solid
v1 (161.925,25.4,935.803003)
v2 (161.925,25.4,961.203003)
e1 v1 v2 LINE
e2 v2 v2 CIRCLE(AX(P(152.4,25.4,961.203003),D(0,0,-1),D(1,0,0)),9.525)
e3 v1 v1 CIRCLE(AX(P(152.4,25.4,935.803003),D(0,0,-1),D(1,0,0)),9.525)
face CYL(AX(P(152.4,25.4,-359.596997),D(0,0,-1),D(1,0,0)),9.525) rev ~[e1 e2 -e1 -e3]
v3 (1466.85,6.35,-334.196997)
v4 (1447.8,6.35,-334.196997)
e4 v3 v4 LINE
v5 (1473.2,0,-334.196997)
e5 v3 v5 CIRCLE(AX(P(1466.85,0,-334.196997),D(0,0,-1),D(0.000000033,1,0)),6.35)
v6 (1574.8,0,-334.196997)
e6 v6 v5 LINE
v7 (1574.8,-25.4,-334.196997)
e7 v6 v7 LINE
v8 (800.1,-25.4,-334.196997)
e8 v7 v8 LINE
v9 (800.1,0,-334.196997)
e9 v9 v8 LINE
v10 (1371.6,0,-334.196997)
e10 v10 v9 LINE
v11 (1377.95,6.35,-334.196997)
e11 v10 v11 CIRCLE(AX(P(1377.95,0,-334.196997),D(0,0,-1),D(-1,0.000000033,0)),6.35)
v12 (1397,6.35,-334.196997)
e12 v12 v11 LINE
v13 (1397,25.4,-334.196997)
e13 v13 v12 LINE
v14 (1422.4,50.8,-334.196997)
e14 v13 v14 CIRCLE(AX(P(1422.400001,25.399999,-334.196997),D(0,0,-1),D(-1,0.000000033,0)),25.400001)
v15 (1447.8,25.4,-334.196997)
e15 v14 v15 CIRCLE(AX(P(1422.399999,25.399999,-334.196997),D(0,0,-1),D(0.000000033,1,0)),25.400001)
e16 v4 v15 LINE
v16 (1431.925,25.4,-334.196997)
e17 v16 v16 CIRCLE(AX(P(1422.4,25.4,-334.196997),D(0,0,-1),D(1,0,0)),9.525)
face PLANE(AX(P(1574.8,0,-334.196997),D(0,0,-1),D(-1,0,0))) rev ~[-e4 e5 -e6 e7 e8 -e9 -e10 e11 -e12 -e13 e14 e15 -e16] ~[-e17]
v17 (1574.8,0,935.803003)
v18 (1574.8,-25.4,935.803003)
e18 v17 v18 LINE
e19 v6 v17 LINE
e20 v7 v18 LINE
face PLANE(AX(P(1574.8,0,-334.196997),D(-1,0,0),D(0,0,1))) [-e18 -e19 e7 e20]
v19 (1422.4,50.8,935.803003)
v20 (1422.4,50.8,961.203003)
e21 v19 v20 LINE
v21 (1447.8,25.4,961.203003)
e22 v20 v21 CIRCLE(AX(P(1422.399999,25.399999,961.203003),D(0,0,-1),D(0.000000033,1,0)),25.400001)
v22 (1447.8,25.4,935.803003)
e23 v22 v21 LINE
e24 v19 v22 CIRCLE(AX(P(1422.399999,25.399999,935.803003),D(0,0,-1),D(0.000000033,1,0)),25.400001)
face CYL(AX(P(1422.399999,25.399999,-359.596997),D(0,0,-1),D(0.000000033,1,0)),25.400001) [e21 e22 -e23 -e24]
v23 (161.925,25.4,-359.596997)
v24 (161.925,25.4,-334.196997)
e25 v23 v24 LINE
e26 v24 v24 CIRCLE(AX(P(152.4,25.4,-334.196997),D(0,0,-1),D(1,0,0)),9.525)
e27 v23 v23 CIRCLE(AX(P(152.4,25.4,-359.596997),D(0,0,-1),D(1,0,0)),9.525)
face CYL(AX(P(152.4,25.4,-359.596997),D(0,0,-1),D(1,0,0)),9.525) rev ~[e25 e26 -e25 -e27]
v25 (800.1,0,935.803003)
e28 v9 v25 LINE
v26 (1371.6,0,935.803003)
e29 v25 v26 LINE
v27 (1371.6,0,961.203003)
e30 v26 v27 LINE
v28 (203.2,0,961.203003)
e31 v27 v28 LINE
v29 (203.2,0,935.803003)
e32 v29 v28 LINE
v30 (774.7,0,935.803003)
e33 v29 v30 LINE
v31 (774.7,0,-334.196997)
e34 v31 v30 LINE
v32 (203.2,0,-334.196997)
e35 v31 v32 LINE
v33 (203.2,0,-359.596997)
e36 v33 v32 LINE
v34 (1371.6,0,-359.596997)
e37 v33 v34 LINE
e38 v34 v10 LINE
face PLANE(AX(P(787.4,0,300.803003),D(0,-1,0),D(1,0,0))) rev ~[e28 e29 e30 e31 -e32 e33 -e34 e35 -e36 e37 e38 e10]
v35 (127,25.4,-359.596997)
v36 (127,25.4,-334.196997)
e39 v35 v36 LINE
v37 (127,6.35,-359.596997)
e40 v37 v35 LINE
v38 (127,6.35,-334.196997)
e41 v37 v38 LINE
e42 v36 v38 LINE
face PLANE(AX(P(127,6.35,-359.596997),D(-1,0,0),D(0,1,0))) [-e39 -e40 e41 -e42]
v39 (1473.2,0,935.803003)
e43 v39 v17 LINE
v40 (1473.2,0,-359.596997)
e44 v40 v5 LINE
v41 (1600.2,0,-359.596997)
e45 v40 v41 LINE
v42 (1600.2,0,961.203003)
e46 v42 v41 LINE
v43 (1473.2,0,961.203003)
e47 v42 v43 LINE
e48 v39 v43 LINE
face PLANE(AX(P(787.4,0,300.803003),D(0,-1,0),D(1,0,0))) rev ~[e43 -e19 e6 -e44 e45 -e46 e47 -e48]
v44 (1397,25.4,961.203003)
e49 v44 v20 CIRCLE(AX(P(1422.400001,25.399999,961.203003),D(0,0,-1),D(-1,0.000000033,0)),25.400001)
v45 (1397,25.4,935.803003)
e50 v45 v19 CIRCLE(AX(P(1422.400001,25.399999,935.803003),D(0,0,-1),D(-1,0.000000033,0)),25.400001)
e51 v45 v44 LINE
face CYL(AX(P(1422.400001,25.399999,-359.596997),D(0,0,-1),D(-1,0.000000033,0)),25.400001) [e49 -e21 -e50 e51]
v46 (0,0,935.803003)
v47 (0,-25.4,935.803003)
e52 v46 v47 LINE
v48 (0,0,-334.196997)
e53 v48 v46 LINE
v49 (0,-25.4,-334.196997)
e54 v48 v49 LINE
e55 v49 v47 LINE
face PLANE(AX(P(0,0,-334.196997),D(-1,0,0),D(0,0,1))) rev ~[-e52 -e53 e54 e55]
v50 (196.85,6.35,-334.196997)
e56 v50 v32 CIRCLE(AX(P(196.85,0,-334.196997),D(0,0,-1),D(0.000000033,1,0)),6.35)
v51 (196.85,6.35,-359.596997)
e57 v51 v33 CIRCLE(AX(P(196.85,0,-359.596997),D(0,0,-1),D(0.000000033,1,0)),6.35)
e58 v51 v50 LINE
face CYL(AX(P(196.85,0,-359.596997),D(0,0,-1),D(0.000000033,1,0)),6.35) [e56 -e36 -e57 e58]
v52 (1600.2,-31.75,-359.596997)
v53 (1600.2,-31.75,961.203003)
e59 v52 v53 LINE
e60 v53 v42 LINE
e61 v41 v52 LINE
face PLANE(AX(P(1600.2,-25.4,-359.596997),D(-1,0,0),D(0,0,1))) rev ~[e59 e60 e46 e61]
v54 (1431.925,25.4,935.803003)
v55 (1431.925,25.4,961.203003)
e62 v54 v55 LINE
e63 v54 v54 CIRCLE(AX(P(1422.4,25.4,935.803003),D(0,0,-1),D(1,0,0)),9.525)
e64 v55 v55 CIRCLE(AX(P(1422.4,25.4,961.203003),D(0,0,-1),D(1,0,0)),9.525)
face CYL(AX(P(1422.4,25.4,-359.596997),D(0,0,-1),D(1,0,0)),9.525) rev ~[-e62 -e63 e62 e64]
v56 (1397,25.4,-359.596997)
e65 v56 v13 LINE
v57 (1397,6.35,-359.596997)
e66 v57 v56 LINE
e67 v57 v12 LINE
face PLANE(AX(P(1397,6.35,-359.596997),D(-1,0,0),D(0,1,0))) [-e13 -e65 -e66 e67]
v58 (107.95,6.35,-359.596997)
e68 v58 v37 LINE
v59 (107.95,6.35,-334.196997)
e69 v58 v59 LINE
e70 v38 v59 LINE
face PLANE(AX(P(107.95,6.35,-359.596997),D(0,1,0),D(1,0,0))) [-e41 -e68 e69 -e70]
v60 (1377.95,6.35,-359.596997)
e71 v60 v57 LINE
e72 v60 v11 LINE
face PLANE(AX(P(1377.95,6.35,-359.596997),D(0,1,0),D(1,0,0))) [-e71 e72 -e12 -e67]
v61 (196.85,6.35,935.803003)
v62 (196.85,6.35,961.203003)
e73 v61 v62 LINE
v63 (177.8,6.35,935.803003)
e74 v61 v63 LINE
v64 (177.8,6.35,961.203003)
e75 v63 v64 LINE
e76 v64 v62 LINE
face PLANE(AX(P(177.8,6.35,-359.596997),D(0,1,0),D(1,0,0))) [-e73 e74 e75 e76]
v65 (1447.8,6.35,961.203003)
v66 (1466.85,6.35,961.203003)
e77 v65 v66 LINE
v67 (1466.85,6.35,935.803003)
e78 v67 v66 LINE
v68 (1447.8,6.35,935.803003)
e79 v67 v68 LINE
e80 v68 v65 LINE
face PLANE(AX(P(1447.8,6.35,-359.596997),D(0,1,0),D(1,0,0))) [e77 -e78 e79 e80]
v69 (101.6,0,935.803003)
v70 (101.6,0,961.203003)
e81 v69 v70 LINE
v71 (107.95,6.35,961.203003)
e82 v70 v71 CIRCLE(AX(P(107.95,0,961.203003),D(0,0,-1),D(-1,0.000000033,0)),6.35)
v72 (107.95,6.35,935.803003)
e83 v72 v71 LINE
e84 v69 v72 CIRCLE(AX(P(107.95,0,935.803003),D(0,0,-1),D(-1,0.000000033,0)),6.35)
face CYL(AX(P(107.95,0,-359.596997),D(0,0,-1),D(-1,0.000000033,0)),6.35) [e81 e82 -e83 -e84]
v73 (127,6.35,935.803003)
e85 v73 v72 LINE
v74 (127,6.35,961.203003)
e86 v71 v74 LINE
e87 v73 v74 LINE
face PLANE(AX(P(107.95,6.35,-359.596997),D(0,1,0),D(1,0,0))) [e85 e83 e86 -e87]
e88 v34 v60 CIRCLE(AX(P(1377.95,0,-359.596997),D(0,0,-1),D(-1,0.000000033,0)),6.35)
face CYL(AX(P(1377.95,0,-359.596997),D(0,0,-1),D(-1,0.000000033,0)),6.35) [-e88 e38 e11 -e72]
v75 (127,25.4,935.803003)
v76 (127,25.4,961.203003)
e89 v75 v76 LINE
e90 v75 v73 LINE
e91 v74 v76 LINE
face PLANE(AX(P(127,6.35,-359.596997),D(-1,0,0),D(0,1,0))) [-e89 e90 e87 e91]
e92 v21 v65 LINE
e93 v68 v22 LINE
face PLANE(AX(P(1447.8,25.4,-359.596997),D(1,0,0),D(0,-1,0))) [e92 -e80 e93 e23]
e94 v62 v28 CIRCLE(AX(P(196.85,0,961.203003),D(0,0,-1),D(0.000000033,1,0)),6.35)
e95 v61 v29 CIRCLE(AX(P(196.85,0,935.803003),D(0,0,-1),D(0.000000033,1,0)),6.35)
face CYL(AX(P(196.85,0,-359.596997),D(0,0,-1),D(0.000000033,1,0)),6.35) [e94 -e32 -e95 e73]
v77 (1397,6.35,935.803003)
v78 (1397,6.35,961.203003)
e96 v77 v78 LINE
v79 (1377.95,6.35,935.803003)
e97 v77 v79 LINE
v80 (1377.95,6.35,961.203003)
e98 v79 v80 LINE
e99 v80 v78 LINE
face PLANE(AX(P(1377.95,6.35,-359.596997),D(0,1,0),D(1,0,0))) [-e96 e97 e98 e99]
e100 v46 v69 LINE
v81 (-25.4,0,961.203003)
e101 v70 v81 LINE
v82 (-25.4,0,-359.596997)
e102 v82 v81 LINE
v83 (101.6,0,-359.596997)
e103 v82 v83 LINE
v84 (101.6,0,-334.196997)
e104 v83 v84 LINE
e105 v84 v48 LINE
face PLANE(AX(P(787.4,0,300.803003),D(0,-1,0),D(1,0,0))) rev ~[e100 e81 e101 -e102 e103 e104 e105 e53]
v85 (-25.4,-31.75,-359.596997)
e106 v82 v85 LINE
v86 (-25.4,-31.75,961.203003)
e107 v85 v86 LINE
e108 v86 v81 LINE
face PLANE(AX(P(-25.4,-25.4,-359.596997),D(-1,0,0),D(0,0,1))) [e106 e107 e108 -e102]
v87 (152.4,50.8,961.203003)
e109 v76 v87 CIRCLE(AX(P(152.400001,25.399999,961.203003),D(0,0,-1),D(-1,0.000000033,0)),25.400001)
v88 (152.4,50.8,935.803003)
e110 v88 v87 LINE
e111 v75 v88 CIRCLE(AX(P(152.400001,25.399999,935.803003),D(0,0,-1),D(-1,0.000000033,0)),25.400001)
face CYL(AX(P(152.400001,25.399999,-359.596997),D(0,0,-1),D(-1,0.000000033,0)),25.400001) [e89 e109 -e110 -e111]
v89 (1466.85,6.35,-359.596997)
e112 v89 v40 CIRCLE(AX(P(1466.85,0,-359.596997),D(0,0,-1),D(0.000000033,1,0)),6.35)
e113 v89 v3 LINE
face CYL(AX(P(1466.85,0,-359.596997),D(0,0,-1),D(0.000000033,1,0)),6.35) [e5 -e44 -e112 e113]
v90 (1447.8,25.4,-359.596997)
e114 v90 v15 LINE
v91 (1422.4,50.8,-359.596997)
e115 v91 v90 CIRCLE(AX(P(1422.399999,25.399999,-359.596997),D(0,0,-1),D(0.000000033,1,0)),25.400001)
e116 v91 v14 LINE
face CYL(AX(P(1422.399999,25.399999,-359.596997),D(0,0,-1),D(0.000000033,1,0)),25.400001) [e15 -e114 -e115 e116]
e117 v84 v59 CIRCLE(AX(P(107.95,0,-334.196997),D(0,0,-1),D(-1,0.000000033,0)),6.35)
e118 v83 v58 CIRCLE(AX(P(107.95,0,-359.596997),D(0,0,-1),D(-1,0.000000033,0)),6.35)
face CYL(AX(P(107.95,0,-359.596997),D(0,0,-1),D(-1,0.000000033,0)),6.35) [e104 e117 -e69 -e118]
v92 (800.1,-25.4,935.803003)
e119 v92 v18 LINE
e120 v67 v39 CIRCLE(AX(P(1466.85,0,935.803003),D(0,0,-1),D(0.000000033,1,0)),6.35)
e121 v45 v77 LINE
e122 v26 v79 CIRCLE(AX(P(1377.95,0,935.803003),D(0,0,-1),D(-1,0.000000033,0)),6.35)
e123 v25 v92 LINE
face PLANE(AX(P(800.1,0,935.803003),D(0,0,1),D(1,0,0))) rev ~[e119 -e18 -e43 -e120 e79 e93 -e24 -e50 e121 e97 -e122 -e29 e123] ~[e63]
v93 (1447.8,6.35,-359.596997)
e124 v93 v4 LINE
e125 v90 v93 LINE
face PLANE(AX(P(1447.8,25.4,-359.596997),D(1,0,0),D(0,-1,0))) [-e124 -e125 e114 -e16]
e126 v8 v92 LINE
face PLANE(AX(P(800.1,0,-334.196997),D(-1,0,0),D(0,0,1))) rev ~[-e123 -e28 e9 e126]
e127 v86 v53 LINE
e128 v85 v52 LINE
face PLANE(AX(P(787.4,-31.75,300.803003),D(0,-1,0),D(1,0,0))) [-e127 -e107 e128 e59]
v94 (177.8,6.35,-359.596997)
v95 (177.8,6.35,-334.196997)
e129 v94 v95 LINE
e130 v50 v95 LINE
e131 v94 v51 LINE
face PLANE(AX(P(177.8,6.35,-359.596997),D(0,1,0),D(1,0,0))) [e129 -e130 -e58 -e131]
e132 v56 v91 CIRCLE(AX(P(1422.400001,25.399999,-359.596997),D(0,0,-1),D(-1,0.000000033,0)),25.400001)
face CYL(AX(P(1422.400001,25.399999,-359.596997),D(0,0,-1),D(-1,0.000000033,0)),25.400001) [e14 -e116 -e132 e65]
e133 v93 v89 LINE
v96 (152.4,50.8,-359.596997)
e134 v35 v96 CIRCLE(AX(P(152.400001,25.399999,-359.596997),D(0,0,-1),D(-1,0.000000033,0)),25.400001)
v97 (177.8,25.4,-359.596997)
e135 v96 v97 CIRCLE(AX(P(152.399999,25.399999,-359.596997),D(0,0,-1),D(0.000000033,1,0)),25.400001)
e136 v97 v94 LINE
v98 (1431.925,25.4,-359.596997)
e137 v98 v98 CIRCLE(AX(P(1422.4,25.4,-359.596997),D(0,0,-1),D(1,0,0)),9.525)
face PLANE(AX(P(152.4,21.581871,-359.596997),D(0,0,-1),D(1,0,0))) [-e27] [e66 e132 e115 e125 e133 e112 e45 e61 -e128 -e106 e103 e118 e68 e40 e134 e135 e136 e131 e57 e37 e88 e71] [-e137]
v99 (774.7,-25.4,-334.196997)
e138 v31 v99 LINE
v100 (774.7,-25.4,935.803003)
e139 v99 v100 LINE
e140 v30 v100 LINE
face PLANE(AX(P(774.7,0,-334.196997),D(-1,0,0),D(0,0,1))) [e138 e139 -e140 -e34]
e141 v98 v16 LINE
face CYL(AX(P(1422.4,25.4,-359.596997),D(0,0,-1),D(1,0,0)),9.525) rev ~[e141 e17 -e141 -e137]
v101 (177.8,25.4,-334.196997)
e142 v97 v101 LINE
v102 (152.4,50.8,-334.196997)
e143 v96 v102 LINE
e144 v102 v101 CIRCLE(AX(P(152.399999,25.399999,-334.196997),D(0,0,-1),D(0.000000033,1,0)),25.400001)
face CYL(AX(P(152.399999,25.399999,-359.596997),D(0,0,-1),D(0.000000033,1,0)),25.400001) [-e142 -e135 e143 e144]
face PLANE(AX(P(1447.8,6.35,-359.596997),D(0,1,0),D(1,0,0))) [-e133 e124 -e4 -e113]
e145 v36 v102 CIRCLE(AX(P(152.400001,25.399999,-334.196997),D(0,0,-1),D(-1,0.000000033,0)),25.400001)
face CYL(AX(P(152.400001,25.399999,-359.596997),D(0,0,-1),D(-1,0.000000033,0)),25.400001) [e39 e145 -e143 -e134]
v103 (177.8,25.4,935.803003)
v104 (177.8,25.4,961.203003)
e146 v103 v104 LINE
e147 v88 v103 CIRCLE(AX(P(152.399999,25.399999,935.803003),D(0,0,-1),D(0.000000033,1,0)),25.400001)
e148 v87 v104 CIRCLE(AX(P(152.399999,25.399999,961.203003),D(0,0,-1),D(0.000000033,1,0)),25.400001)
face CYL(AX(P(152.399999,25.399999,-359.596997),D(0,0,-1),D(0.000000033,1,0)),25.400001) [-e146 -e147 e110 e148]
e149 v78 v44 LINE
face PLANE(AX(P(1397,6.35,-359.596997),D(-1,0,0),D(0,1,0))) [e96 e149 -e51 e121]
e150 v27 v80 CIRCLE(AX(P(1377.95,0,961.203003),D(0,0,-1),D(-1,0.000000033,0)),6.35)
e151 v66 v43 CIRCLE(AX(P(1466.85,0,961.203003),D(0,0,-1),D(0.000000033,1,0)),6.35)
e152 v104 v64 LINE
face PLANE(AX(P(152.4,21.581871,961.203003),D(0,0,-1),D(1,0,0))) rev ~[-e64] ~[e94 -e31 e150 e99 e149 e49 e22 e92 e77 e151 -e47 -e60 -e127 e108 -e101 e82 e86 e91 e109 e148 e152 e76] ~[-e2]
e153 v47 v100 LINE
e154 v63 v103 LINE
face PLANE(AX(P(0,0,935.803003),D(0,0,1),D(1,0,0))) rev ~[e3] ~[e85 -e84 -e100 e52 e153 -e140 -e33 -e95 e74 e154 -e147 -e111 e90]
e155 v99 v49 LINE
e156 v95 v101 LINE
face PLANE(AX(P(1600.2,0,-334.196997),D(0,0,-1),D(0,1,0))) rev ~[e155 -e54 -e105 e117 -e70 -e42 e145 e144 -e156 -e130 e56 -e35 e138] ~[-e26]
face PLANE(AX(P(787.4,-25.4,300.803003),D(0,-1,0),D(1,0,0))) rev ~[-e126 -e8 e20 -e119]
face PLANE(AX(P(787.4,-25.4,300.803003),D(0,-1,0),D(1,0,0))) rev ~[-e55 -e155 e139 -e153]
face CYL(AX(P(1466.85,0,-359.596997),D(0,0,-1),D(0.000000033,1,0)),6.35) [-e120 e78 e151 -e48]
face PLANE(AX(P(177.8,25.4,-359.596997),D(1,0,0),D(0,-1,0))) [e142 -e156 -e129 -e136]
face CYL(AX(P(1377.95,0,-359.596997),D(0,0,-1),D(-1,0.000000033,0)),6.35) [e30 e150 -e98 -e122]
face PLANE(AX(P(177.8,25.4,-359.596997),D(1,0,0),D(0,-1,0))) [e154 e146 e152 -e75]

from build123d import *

# Parameters (mm, degrees)
F0_W     = 25.4
F0_H     = 1270
F1_DEPTH = 25.4
F2_W     = 1625.6
F2_H     = 1320.8
F3_DEPTH = 6.35
F4_R     = 9.525
F5_DEPTH = 1320.8
F6_W     = 50.8
F6_H     = 1270
F7_DEPTH = 1625.601


with BuildPart() as f1:
    # F0 (on Front) → F1 (new body)
    with BuildSketch(Plane.XZ):
        with Locations((787.4, 300.803003)):
            Rectangle(F0_W, F0_H)
        Polygon((1600.2, 961.203003), (-25.4, 961.203003), (-25.4, 935.803003), (0, 935.803003), (774.7, 935.803003), (800.1, 935.803003), (1574.8, 935.803003), (1600.2, 935.803003), align=None)
        with Locations((-12.7, 300.803003)):
            Rectangle(F0_W, F0_H)
        Polygon((0, -334.196997), (-25.4, -334.196997), (-25.4, -359.596997), (1600.2, -359.596997), (1600.2, -334.196997), (1574.8, -334.196997), (800.1, -334.196997), (774.7, -334.196997), align=None)
        with Locations((1587.5, 300.803003)):
            Rectangle(F0_W, F0_H)
    extrude(amount=F1_DEPTH)

    # F2 (on face) → F3 (join)
    with BuildSketch(Plane.XZ.offset(25.4)):
        with Locations((787.4, 300.803003)):
            Rectangle(F2_W, F2_H)
    extrude(amount=F3_DEPTH)

    # F4 (on face) → F5 (join)
    with BuildSketch(Plane(origin=(0, 0, -359.596997), x_dir=(1, 0, 0), z_dir=(0, 0, -1))):
        with BuildLine():
            Line((177.8, 0), (127, 0))
            Line((127, 0), (127, -6.35))
            Line((127, -6.35), (127, -25.4))
            ThreePointArc((127, -25.4), (134.439488, -43.360512), (152.4, -50.8))
            ThreePointArc((152.4, -50.8), (170.360512, -43.360512), (177.8, -25.4))
            Line((177.8, -25.4), (177.8, -6.35))
            Line((177.8, -6.35), (177.8, 0))
        make_face()
        with Locations((152.4, -25.4)):
            Circle(F4_R, mode=Mode.SUBTRACT)
        with BuildLine():
            Line((127, -6.35), (127, 0))
            Line((127, 0), (101.6, 0))
            ThreePointArc((101.6, 0), (103.459872, -4.490128), (107.95, -6.35))
            Line((107.95, -6.35), (127, -6.35))
        make_face()
        with BuildLine():
            Line((203.2, 0), (177.8, 0))
            Line((177.8, 0), (177.8, -6.35))
            Line((177.8, -6.35), (196.85, -6.35))
            ThreePointArc((196.85, -6.35), (201.340128, -4.490128), (203.2, 0))
        make_face()
        with BuildLine():
            Line((1447.8, -6.35), (1447.8, 0))
            Line((1447.8, 0), (1397, 0))
            Line((1397, 0), (1397, -6.35))
            Line((1397, -6.35), (1397, -25.4))
            ThreePointArc((1397, -25.4), (1404.439488, -43.360512), (1422.4, -50.8))
            ThreePointArc((1422.4, -50.8), (1440.360512, -43.360512), (1447.8, -25.4))
            Line((1447.8, -25.4), (1447.8, -6.35))
        make_face()
        with Locations((1422.4, -25.4)):
            Circle(F4_R, mode=Mode.SUBTRACT)
        with BuildLine():
            Line((1473.2, 0), (1447.8, 0))
            Line((1447.8, 0), (1447.8, -6.35))
            Line((1447.8, -6.35), (1466.85, -6.35))
            ThreePointArc((1466.85, -6.35), (1471.340128, -4.490128), (1473.2, 0))
        make_face()
        with BuildLine():
            Line((1397, -6.35), (1397, 0))
            Line((1397, 0), (1371.6, 0))
            ThreePointArc((1371.6, 0), (1373.459872, -4.490128), (1377.95, -6.35))
            Line((1377.95, -6.35), (1397, -6.35))
        make_face()
    extrude(amount=-F5_DEPTH)

    # F6 (on face) → F7 (cut, through all)
    with BuildSketch(Plane.YZ.offset(1600.2)):
        with Locations((25.4, 300.803003)):
            Rectangle(F6_W, F6_H)
    extrude(amount=-F7_DEPTH, mode=Mode.SUBTRACT)


solid = f1.part
